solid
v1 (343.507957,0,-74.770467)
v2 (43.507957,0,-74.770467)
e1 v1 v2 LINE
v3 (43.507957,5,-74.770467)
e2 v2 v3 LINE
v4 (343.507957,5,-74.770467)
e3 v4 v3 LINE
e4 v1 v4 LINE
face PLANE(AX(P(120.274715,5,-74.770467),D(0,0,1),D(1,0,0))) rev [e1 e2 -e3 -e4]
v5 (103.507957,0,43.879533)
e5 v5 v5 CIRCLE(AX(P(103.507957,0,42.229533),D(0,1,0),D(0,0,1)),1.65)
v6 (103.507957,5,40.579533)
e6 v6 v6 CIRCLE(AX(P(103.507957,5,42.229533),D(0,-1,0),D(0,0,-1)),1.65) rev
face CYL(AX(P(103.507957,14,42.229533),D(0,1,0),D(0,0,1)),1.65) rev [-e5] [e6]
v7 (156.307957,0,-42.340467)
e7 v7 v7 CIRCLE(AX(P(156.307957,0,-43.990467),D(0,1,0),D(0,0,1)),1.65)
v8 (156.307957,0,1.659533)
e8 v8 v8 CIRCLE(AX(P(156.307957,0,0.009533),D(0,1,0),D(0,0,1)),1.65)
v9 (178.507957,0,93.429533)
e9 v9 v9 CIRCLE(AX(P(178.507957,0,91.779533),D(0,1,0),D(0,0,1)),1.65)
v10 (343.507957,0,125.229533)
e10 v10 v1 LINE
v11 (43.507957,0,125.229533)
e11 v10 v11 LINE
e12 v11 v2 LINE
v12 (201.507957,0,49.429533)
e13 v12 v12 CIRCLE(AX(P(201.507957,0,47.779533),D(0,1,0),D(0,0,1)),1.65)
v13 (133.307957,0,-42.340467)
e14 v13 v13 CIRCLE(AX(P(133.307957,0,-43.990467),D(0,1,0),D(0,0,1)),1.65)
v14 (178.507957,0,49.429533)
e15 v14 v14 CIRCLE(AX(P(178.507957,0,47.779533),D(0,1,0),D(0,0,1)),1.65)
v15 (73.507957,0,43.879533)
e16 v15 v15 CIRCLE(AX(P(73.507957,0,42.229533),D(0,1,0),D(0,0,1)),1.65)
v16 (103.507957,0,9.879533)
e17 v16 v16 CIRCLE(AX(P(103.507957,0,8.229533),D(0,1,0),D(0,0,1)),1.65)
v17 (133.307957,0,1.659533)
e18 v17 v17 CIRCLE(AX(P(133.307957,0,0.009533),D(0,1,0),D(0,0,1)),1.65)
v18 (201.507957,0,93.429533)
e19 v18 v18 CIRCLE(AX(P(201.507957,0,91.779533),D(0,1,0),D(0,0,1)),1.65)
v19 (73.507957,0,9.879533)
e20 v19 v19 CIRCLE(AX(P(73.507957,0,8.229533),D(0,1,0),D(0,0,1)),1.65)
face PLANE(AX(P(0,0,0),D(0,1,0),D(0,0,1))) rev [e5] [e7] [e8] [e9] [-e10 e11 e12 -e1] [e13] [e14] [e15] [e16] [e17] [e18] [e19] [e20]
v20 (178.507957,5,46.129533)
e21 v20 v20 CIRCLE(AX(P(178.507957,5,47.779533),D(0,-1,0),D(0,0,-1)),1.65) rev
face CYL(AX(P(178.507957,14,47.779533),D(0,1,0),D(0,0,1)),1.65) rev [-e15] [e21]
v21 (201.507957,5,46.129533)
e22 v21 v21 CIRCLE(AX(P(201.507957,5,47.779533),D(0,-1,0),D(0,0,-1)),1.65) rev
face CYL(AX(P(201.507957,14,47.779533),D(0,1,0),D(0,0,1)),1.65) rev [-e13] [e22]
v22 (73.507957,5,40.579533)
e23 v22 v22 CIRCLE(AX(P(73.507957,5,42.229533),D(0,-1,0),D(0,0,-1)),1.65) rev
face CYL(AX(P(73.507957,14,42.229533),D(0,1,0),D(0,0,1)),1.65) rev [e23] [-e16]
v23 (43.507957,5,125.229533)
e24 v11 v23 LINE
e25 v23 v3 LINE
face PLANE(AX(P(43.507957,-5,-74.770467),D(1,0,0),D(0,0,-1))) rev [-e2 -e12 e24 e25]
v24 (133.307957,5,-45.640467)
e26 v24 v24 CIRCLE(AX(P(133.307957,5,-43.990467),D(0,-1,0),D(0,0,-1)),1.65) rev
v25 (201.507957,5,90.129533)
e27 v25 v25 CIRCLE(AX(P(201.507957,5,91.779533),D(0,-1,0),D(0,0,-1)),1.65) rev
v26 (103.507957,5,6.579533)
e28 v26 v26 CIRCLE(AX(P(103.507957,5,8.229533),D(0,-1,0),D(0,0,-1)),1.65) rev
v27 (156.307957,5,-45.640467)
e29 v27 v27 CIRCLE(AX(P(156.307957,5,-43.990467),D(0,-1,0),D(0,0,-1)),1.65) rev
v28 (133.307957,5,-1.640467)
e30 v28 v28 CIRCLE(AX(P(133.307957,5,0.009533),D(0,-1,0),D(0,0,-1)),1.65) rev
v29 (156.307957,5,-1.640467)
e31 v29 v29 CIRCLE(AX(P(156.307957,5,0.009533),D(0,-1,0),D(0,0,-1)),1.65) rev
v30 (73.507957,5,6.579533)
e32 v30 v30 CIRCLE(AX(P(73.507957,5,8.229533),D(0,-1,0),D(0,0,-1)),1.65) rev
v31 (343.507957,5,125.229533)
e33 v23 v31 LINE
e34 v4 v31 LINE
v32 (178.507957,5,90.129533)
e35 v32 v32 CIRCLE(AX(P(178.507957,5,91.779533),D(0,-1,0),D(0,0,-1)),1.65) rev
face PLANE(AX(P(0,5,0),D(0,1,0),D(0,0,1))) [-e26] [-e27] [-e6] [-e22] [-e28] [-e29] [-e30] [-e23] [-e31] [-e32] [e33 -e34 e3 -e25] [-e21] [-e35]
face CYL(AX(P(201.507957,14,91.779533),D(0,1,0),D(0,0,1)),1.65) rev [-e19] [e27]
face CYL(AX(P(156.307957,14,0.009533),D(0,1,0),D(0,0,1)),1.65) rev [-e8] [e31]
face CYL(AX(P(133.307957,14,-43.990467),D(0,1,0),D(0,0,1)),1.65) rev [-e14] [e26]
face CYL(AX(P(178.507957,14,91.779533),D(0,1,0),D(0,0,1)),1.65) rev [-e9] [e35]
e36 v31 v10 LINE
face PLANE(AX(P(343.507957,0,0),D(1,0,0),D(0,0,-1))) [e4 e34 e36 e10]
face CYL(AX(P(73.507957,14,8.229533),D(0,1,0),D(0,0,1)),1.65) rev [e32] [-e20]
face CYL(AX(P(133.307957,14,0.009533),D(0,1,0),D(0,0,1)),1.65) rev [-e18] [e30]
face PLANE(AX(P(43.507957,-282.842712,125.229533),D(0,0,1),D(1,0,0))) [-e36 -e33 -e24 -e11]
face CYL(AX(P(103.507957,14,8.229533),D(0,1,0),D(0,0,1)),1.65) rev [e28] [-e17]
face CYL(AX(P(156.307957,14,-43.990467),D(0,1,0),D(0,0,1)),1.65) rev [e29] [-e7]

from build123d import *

# Parameters (mm, degrees)
SKETCH_2_W               = 240.549430728
SKETCH_2_H               = 149.540933388
EXTRUDE_1_DEPTH          = 5
SKETCH_6_W               = 93.246571425
SKETCH_6_H               = 149.540933388
EXTRUDE_4_DEPTH          = 5
SKETCH_8_W               = 274.716709757
SKETCH_8_H               = 58.51354913
EXTRUDE_6_DEPTH          = 5
CUT_EXTRUDE_2_DEPTH      = 252.755772101
CUT_EXTRUDE_2_DEPTH_BACK = 252.755772101
SKETCH_9_W               = 59.079292396
SKETCH_9_H               = 149.540933388
SKETCH_10_W              = 104.703380117
SKETCH_10_H              = 208.054482518
CUT_EXTRUDE_3_DEPTH      = 10
SKETCH_12_W              = 200
SKETCH_12_H              = 200
EXTRUDE_7_DEPTH          = 5
SKETCH_13_OUTSIDE_W      = 259.728
SKETCH_13_OUTSIDE_H      = 267.782
SKETCH_13_OUTSIDE_W_2    = 200
SKETCH_13_OUTSIDE_H_2    = 200
CUT_EXTRUDE_4_DEPTH      = 278.64321362
EXTRUDE_START            = -75
SKETCH_18_R              = 5.25
EXTRUDE_9_DEPTH          = 10
EXTRUDE_START_2          = -46
EXTRUDE_10_DEPTH         = 15
EXTRUDE_START_3          = -91.2
EXTRUDE_11_DEPTH         = 15
EXTRUDE_12_REACH         = 307.894
SKETCH_20_R              = 5.25
SKETCH_26_W              = 200
SKETCH_26_H              = 5
EXTRUDE_13_DEPTH         = 100
SKETCH_27_W              = 200
SKETCH_27_H              = 5
CUT_EXTRUDE_5_DEPTH      = 30
EXTRUDE_14_DEPTH         = 10
SKETCH_29_W              = 60
SKETCH_29_H              = 9
EXTRUDE_15_DEPTH         = 10
HOLE_WIZARD_M4_1_D       = 3.3
HOLE_WIZARD_M4_2_D       = 3.3
HOLE_WIZARD_M4_3_D       = 3.3
EXTRUDE_16_DEPTH         = 10
SKETCH_37_W              = 60
SKETCH_37_H              = 9
EXTRUDE_17_DEPTH         = 10
HOLE_WIZARD_M4_4_D       = 3.3
EXTRUDE_START_4          = -3.5
SKETCH_40_R              = 5.25
SKETCH_40_R_2            = 3.25
EXTRUDE_18_DEPTH         = 46.5
CUT_EXTRUDE_START        = -3.5
SKETCH_41_R              = 5.25
SKETCH_41_R_2            = 3.25
CUT_EXTRUDE_6_DEPTH      = 3.5
HOLE_WIZARD_M4_5_D       = 3.3
SKETCH_44_W              = 237.08727287
SKETCH_44_H              = 162.445626336
CUT_EXTRUDE_7_DEPTH      = 400.170489639
SKETCH_45_W              = 200
SKETCH_45_H              = 5
EXTRUDE_19_DEPTH         = 30


with BuildPart() as part:
    # 草图2 → 凸台-拉伸1 (new body)
    with BuildSketch(Plane(origin=(0, 0, 0), x_dir=(1, 0, 0), z_dir=(0, 1, 0))):
        Rectangle(SKETCH_2_W, SKETCH_2_H)
    extrude(amount=EXTRUDE_1_DEPTH)

    # 草图6 → 凸台-拉伸4 (add)
    with BuildSketch(Plane(origin=(0, 5, 0), x_dir=(1, 0, 0), z_dir=(0, 1, 0))):
        with Locations((166.898001077, 0)):
            Rectangle(SKETCH_6_W, SKETCH_6_H)
    extrude(amount=-EXTRUDE_4_DEPTH)

    # 草图8 → 凸台-拉伸6 (add)
    with BuildSketch(Plane(origin=(0, 5, 0), x_dir=(1, 0, 0), z_dir=(0, 1, 0))):
        with Locations((76.162931911, -104.027241259)):
            Rectangle(SKETCH_8_W, SKETCH_8_H)
    extrude(amount=-EXTRUDE_6_DEPTH)

    # 草图9 → 切除-拉伸2 (cut, two sides: drawn at the far end of the back side and taken through both)
    with BuildSketch(Plane(origin=(0, 5, 0), x_dir=(1, 0, 0), z_dir=(0, 1, 0)).offset(-CUT_EXTRUDE_2_DEPTH_BACK)):
        with Locations((-90.735069166, 0)):
            Rectangle(SKETCH_9_W, SKETCH_9_H)
    extrude(amount=CUT_EXTRUDE_2_DEPTH + CUT_EXTRUDE_2_DEPTH_BACK, mode=Mode.SUBTRACT)

    # 草图10 → 切除-拉伸3 (cut)
    with BuildSketch(Plane(origin=(0, 5, 0), x_dir=(1, 0, 0), z_dir=(0, 1, 0))):
        with Locations((-8.84373291, -29.256774565)):
            Rectangle(SKETCH_10_W, SKETCH_10_H)
    extrude(amount=-CUT_EXTRUDE_3_DEPTH, mode=Mode.SUBTRACT)

    # 草图12 → 凸台-拉伸7 (add)
    with BuildSketch(Plane(origin=(0, 5, 0), x_dir=(1, 0, 0), z_dir=(0, 1, 0))):
        with Locations((143.507957149, -25.229533306)):
            Rectangle(SKETCH_12_W, SKETCH_12_H)
    extrude(amount=-EXTRUDE_7_DEPTH)

    # 草图13 outside → 切除-拉伸4 (cut, through all)
    with BuildSketch(Plane(origin=(0, 5, 0), x_dir=(1, 0, 0), z_dir=(0, 1, 0))):
        with Locations((143.508, -29.257)):
            Rectangle(SKETCH_13_OUTSIDE_W, SKETCH_13_OUTSIDE_H)
        with Locations((143.507957149, -25.229533306)):
            Rectangle(SKETCH_13_OUTSIDE_W_2, SKETCH_13_OUTSIDE_H_2, mode=Mode.SUBTRACT)
    extrude(amount=-CUT_EXTRUDE_4_DEPTH, mode=Mode.SUBTRACT)

    # 草图18 → 凸台-拉伸9 (add)
    with BuildSketch(Plane.XY.offset(125.229533306).offset(EXTRUDE_START)):
        with BuildLine():
            Line((95.507957149, 14), (95.507957149, 125))
            ThreePointArc((95.507957149, 125), (88.507957149, 132), (81.507957149, 125))
            Line((81.507957149, 125), (81.507957149, 14))
            Line((81.507957149, 14), (68.507957149, 14))
            Line((68.507957149, 14), (68.507957149, 5))
            Line((68.507957149, 5), (108.507957149, 5))
            Line((108.507957149, 5), (108.507957149, 14))
            Line((108.507957149, 14), (95.507957149, 14))
        make_face()
        with Locations((88.507957149, 125)):
            Circle(SKETCH_18_R, mode=Mode.SUBTRACT)
    extrude_9 = extrude(amount=-EXTRUDE_9_DEPTH)

    # 镜向1: 凸台-拉伸9 across plane
    add(extrude_9.mirror(Plane.XY.offset(25.229533306)))

    # 草图16 → 凸台-拉伸10 (add)
    with BuildSketch(Plane(origin=(243.507957149, 0, 0), x_dir=(0, 0, -1), z_dir=(1, 0, 0)).offset(EXTRUDE_START_2)):
        with BuildLine():
            Line((-53.779533306, 14), (-53.779533306, 145.085631965))
            Line((-53.779533306, 145.085631965), (-67.779533306, 145.085631965))
            Line((-67.779533306, 145.085631965), (-67.779533306, 139.085631965))
            ThreePointArc((-67.779533306, 139.085631965), (-69.779533306, 114.75), (-71.779533306, 139.085631965))
            Line((-71.779533306, 139.085631965), (-71.779533306, 145.085631965))
            Line((-71.779533306, 145.085631965), (-85.779533306, 145.085631965))
            Line((-85.779533306, 145.085631965), (-85.779533306, 14))
            Line((-85.779533306, 14), (-99.779533306, 14))
            Line((-99.779533306, 14), (-99.779533306, 5))
            Line((-99.779533306, 5), (-39.779533306, 5))
            Line((-39.779533306, 5), (-39.779533306, 14))
            Line((-39.779533306, 14), (-53.779533306, 14))
        make_face()
    extrude(amount=-EXTRUDE_10_DEPTH)

    # 草图19 → 凸台-拉伸11 (add)
    with BuildSketch(Plane(origin=(243.507957149, 0, 0), x_dir=(0, 0, -1), z_dir=(1, 0, 0)).offset(EXTRUDE_START_3)):
        with BuildLine():
            Line((37.990466694, 14), (37.990466694, 144.933566106))
            Line((37.990466694, 144.933566106), (23.990466694, 144.933566106))
            Line((23.990466694, 144.933566106), (23.990466694, 138.933566106))
            ThreePointArc((23.990466694, 138.933566106), (21.990466694, 114.9), (19.990466694, 138.933566106))
            Line((19.990466694, 138.933566106), (19.990466694, 144.933566106))
            Line((19.990466694, 144.933566106), (5.990466694, 144.933566106))
            Line((5.990466694, 144.933566106), (5.990466694, 14))
            Line((5.990466694, 14), (-8.009533306, 14))
            Line((-8.009533306, 14), (-8.009533306, 5))
            Line((-8.009533306, 5), (51.990466694, 5))
            Line((51.990466694, 5), (51.990466694, 14))
            Line((51.990466694, 14), (37.990466694, 14))
        make_face()
    extrude(amount=-EXTRUDE_11_DEPTH)

    # 草图20 → 凸台-拉伸12 (add, up to next)
    with BuildSketch(Plane(origin=(0, 0, 40.229533306), x_dir=(-1, 0, 0), z_dir=(0, 0, -1)), mode=Mode.PRIVATE) as extrude_12_sk1:
        with BuildLine():
            Line((-108.507957149, 5), (-68.507957149, 5))
            Line((-68.507957149, 5), (-68.507957149, 14))
            Line((-68.507957149, 14), (-81.507957149, 14))
            Line((-81.507957149, 14), (-81.507957149, 125))
            ThreePointArc((-81.507957149, 125), (-88.507957149, 132), (-95.507957149, 125))
            Line((-95.507957149, 125), (-95.507957149, 14))
            Line((-95.507957149, 14), (-108.507957149, 14))
            Line((-108.507957149, 14), (-108.507957149, 5))
        make_face()
        with Locations(Location((-88.507957149, 125, 0), (0, 0, 180))):
            Circle(SKETCH_20_R, mode=Mode.SUBTRACT)
    extrude_12_tool1 = extrude(extrude_12_sk1.sketch, amount=EXTRUDE_12_REACH, mode=Mode.PRIVATE) - part.part
    add(extrude_12_tool1.solids().sort_by_distance((88.507957, 57.997401, 40.229533))[0])

    # 草图26 → 凸台-拉伸13 (add)
    with BuildSketch(Plane(origin=(243.507957149, 0, 0), x_dir=(0, 0, -1), z_dir=(1, 0, 0))):
        with Locations((-25.229533306, 2.5)):
            Rectangle(SKETCH_26_W, SKETCH_26_H)
    extrude(amount=EXTRUDE_13_DEPTH)

    # 草图27 → 切除-拉伸5 (cut)
    with BuildSketch(Plane(origin=(343.507957149, 0, 0), x_dir=(0, 0, -1), z_dir=(1, 0, 0))):
        with Locations((-25.229533306, 2.5)):
            Rectangle(SKETCH_27_W, SKETCH_27_H)
    extrude(amount=-CUT_EXTRUDE_5_DEPTH, mode=Mode.SUBTRACT)

    # 草图28 → 凸台-拉伸14 (add)
    with BuildSketch(Plane(origin=(197.507957149, 0, 0), x_dir=(0, 0, -1), z_dir=(1, 0, 0))):
        Polygon((-85.779533306, 14), (-53.779533306, 14), (-39.779533306, 14), (-39.779533306, 5), (-99.779533306, 5), (-99.779533306, 14), align=None)
    extrude(amount=EXTRUDE_14_DEPTH)

    # 草图29 → 凸台-拉伸15 (add)
    with BuildSketch(Plane.ZY.offset(-182.507957149)):
        with Locations((69.779533306, 9.5)):
            Rectangle(SKETCH_29_W, SKETCH_29_H)
    extrude(amount=EXTRUDE_15_DEPTH)

    # M4 螺纹孔1 (through all)
    with Locations(Plane(origin=(0, 14, 0), x_dir=(1, 0, 0), z_dir=(0, 1, 0))):
        with Locations((178.507957149, -47.779533306), (201.507957149, -47.779533306), (201.507957149, -91.779533306), (178.507957149, -91.779533306)):
            Hole(HOLE_WIZARD_M4_1_D / 2)

    # M4 螺纹孔2 (through all)
    with Locations(Plane.XY.offset(85.779533306)):
        with Locations((190.007957149, 141.085631965)):
            Hole(HOLE_WIZARD_M4_2_D / 2)

    # M4 螺纹孔3 (through all)
    with Locations(Plane.XY.offset(-5.990466694)):
        with Locations((144.807957149, 140.933566106)):
            Hole(HOLE_WIZARD_M4_3_D / 2)

    # 草图36 → 凸台-拉伸16 (add)
    with BuildSketch(Plane(origin=(152.307957149, 0, 0), x_dir=(0, 0, -1), z_dir=(1, 0, 0))):
        Polygon((5.990466694, 14), (37.990466694, 14), (51.990466694, 14), (51.990466694, 5), (-8.009533306, 5), (-8.009533306, 14), align=None)
    extrude(amount=EXTRUDE_16_DEPTH)

    # 草图37 → 凸台-拉伸17 (add)
    with BuildSketch(Plane.ZY.offset(-137.307957149)):
        with Locations((-21.990466694, 9.5)):
            Rectangle(SKETCH_37_W, SKETCH_37_H)
    extrude(amount=EXTRUDE_17_DEPTH)

    # M4 螺纹孔4 (through all)
    with Locations(Plane(origin=(0, 14, 0), x_dir=(1, 0, 0), z_dir=(0, 1, 0))):
        with Locations((133.307957149, 43.990466694), (156.307957149, 43.990466694), (156.307957149, -0.009533306), (133.307957149, -0.009533306)):
            Hole(HOLE_WIZARD_M4_4_D / 2)

    # 草图40 → 凸台-拉伸18 (add)
    with BuildSketch(Plane.XY.offset(50.229533306).offset(EXTRUDE_START_4)):
        with Locations((88.507957149, 125)):
            Circle(SKETCH_40_R)
        with Locations((88.507957149, 125)):
            Circle(SKETCH_40_R_2, mode=Mode.SUBTRACT)
    extrude(amount=-EXTRUDE_18_DEPTH)

    # 草图41 → 切除-拉伸6 (cut)
    with BuildSketch(Plane(origin=(0, 0, 0.229533306), x_dir=(-1, 0, 0), z_dir=(0, 0, -1)).offset(CUT_EXTRUDE_START)):
        with Locations(Location((-88.507957149, 125, 0), (0, 0, 180))):
            Circle(SKETCH_41_R)
        with Locations(Location((-88.507957149, 125, 0), (0, 0, 180))):
            Circle(SKETCH_41_R_2, mode=Mode.SUBTRACT)
    extrude(amount=CUT_EXTRUDE_6_DEPTH, mode=Mode.SUBTRACT)

    # M4 螺纹孔5 (through all)
    with Locations(Plane(origin=(0, 14, 0), x_dir=(1, 0, 0), z_dir=(0, 1, 0))):
        with Locations((73.507957149, -8.229533306), (103.507957149, -8.229533306), (103.507957149, -42.229533306), (73.507957149, -42.229533306)):
            Hole(HOLE_WIZARD_M4_5_D / 2)

    # 草图44 → 切除-拉伸7 (cut, through all)
    with BuildSketch(Plane.XY.offset(125.229533306)):
        with Locations((150.88727092, 86.222813168)):
            Rectangle(SKETCH_44_W, SKETCH_44_H)
    extrude(amount=-CUT_EXTRUDE_7_DEPTH, mode=Mode.SUBTRACT)

    # 草图45 → 凸台-拉伸19 (add)
    with BuildSketch(Plane(origin=(313.507957149, 0, 0), x_dir=(0, 0, -1), z_dir=(1, 0, 0))):
        with Locations((-25.229533306, 2.5)):
            Rectangle(SKETCH_45_W, SKETCH_45_H)
    extrude(amount=EXTRUDE_19_DEPTH)


solid = part.part
